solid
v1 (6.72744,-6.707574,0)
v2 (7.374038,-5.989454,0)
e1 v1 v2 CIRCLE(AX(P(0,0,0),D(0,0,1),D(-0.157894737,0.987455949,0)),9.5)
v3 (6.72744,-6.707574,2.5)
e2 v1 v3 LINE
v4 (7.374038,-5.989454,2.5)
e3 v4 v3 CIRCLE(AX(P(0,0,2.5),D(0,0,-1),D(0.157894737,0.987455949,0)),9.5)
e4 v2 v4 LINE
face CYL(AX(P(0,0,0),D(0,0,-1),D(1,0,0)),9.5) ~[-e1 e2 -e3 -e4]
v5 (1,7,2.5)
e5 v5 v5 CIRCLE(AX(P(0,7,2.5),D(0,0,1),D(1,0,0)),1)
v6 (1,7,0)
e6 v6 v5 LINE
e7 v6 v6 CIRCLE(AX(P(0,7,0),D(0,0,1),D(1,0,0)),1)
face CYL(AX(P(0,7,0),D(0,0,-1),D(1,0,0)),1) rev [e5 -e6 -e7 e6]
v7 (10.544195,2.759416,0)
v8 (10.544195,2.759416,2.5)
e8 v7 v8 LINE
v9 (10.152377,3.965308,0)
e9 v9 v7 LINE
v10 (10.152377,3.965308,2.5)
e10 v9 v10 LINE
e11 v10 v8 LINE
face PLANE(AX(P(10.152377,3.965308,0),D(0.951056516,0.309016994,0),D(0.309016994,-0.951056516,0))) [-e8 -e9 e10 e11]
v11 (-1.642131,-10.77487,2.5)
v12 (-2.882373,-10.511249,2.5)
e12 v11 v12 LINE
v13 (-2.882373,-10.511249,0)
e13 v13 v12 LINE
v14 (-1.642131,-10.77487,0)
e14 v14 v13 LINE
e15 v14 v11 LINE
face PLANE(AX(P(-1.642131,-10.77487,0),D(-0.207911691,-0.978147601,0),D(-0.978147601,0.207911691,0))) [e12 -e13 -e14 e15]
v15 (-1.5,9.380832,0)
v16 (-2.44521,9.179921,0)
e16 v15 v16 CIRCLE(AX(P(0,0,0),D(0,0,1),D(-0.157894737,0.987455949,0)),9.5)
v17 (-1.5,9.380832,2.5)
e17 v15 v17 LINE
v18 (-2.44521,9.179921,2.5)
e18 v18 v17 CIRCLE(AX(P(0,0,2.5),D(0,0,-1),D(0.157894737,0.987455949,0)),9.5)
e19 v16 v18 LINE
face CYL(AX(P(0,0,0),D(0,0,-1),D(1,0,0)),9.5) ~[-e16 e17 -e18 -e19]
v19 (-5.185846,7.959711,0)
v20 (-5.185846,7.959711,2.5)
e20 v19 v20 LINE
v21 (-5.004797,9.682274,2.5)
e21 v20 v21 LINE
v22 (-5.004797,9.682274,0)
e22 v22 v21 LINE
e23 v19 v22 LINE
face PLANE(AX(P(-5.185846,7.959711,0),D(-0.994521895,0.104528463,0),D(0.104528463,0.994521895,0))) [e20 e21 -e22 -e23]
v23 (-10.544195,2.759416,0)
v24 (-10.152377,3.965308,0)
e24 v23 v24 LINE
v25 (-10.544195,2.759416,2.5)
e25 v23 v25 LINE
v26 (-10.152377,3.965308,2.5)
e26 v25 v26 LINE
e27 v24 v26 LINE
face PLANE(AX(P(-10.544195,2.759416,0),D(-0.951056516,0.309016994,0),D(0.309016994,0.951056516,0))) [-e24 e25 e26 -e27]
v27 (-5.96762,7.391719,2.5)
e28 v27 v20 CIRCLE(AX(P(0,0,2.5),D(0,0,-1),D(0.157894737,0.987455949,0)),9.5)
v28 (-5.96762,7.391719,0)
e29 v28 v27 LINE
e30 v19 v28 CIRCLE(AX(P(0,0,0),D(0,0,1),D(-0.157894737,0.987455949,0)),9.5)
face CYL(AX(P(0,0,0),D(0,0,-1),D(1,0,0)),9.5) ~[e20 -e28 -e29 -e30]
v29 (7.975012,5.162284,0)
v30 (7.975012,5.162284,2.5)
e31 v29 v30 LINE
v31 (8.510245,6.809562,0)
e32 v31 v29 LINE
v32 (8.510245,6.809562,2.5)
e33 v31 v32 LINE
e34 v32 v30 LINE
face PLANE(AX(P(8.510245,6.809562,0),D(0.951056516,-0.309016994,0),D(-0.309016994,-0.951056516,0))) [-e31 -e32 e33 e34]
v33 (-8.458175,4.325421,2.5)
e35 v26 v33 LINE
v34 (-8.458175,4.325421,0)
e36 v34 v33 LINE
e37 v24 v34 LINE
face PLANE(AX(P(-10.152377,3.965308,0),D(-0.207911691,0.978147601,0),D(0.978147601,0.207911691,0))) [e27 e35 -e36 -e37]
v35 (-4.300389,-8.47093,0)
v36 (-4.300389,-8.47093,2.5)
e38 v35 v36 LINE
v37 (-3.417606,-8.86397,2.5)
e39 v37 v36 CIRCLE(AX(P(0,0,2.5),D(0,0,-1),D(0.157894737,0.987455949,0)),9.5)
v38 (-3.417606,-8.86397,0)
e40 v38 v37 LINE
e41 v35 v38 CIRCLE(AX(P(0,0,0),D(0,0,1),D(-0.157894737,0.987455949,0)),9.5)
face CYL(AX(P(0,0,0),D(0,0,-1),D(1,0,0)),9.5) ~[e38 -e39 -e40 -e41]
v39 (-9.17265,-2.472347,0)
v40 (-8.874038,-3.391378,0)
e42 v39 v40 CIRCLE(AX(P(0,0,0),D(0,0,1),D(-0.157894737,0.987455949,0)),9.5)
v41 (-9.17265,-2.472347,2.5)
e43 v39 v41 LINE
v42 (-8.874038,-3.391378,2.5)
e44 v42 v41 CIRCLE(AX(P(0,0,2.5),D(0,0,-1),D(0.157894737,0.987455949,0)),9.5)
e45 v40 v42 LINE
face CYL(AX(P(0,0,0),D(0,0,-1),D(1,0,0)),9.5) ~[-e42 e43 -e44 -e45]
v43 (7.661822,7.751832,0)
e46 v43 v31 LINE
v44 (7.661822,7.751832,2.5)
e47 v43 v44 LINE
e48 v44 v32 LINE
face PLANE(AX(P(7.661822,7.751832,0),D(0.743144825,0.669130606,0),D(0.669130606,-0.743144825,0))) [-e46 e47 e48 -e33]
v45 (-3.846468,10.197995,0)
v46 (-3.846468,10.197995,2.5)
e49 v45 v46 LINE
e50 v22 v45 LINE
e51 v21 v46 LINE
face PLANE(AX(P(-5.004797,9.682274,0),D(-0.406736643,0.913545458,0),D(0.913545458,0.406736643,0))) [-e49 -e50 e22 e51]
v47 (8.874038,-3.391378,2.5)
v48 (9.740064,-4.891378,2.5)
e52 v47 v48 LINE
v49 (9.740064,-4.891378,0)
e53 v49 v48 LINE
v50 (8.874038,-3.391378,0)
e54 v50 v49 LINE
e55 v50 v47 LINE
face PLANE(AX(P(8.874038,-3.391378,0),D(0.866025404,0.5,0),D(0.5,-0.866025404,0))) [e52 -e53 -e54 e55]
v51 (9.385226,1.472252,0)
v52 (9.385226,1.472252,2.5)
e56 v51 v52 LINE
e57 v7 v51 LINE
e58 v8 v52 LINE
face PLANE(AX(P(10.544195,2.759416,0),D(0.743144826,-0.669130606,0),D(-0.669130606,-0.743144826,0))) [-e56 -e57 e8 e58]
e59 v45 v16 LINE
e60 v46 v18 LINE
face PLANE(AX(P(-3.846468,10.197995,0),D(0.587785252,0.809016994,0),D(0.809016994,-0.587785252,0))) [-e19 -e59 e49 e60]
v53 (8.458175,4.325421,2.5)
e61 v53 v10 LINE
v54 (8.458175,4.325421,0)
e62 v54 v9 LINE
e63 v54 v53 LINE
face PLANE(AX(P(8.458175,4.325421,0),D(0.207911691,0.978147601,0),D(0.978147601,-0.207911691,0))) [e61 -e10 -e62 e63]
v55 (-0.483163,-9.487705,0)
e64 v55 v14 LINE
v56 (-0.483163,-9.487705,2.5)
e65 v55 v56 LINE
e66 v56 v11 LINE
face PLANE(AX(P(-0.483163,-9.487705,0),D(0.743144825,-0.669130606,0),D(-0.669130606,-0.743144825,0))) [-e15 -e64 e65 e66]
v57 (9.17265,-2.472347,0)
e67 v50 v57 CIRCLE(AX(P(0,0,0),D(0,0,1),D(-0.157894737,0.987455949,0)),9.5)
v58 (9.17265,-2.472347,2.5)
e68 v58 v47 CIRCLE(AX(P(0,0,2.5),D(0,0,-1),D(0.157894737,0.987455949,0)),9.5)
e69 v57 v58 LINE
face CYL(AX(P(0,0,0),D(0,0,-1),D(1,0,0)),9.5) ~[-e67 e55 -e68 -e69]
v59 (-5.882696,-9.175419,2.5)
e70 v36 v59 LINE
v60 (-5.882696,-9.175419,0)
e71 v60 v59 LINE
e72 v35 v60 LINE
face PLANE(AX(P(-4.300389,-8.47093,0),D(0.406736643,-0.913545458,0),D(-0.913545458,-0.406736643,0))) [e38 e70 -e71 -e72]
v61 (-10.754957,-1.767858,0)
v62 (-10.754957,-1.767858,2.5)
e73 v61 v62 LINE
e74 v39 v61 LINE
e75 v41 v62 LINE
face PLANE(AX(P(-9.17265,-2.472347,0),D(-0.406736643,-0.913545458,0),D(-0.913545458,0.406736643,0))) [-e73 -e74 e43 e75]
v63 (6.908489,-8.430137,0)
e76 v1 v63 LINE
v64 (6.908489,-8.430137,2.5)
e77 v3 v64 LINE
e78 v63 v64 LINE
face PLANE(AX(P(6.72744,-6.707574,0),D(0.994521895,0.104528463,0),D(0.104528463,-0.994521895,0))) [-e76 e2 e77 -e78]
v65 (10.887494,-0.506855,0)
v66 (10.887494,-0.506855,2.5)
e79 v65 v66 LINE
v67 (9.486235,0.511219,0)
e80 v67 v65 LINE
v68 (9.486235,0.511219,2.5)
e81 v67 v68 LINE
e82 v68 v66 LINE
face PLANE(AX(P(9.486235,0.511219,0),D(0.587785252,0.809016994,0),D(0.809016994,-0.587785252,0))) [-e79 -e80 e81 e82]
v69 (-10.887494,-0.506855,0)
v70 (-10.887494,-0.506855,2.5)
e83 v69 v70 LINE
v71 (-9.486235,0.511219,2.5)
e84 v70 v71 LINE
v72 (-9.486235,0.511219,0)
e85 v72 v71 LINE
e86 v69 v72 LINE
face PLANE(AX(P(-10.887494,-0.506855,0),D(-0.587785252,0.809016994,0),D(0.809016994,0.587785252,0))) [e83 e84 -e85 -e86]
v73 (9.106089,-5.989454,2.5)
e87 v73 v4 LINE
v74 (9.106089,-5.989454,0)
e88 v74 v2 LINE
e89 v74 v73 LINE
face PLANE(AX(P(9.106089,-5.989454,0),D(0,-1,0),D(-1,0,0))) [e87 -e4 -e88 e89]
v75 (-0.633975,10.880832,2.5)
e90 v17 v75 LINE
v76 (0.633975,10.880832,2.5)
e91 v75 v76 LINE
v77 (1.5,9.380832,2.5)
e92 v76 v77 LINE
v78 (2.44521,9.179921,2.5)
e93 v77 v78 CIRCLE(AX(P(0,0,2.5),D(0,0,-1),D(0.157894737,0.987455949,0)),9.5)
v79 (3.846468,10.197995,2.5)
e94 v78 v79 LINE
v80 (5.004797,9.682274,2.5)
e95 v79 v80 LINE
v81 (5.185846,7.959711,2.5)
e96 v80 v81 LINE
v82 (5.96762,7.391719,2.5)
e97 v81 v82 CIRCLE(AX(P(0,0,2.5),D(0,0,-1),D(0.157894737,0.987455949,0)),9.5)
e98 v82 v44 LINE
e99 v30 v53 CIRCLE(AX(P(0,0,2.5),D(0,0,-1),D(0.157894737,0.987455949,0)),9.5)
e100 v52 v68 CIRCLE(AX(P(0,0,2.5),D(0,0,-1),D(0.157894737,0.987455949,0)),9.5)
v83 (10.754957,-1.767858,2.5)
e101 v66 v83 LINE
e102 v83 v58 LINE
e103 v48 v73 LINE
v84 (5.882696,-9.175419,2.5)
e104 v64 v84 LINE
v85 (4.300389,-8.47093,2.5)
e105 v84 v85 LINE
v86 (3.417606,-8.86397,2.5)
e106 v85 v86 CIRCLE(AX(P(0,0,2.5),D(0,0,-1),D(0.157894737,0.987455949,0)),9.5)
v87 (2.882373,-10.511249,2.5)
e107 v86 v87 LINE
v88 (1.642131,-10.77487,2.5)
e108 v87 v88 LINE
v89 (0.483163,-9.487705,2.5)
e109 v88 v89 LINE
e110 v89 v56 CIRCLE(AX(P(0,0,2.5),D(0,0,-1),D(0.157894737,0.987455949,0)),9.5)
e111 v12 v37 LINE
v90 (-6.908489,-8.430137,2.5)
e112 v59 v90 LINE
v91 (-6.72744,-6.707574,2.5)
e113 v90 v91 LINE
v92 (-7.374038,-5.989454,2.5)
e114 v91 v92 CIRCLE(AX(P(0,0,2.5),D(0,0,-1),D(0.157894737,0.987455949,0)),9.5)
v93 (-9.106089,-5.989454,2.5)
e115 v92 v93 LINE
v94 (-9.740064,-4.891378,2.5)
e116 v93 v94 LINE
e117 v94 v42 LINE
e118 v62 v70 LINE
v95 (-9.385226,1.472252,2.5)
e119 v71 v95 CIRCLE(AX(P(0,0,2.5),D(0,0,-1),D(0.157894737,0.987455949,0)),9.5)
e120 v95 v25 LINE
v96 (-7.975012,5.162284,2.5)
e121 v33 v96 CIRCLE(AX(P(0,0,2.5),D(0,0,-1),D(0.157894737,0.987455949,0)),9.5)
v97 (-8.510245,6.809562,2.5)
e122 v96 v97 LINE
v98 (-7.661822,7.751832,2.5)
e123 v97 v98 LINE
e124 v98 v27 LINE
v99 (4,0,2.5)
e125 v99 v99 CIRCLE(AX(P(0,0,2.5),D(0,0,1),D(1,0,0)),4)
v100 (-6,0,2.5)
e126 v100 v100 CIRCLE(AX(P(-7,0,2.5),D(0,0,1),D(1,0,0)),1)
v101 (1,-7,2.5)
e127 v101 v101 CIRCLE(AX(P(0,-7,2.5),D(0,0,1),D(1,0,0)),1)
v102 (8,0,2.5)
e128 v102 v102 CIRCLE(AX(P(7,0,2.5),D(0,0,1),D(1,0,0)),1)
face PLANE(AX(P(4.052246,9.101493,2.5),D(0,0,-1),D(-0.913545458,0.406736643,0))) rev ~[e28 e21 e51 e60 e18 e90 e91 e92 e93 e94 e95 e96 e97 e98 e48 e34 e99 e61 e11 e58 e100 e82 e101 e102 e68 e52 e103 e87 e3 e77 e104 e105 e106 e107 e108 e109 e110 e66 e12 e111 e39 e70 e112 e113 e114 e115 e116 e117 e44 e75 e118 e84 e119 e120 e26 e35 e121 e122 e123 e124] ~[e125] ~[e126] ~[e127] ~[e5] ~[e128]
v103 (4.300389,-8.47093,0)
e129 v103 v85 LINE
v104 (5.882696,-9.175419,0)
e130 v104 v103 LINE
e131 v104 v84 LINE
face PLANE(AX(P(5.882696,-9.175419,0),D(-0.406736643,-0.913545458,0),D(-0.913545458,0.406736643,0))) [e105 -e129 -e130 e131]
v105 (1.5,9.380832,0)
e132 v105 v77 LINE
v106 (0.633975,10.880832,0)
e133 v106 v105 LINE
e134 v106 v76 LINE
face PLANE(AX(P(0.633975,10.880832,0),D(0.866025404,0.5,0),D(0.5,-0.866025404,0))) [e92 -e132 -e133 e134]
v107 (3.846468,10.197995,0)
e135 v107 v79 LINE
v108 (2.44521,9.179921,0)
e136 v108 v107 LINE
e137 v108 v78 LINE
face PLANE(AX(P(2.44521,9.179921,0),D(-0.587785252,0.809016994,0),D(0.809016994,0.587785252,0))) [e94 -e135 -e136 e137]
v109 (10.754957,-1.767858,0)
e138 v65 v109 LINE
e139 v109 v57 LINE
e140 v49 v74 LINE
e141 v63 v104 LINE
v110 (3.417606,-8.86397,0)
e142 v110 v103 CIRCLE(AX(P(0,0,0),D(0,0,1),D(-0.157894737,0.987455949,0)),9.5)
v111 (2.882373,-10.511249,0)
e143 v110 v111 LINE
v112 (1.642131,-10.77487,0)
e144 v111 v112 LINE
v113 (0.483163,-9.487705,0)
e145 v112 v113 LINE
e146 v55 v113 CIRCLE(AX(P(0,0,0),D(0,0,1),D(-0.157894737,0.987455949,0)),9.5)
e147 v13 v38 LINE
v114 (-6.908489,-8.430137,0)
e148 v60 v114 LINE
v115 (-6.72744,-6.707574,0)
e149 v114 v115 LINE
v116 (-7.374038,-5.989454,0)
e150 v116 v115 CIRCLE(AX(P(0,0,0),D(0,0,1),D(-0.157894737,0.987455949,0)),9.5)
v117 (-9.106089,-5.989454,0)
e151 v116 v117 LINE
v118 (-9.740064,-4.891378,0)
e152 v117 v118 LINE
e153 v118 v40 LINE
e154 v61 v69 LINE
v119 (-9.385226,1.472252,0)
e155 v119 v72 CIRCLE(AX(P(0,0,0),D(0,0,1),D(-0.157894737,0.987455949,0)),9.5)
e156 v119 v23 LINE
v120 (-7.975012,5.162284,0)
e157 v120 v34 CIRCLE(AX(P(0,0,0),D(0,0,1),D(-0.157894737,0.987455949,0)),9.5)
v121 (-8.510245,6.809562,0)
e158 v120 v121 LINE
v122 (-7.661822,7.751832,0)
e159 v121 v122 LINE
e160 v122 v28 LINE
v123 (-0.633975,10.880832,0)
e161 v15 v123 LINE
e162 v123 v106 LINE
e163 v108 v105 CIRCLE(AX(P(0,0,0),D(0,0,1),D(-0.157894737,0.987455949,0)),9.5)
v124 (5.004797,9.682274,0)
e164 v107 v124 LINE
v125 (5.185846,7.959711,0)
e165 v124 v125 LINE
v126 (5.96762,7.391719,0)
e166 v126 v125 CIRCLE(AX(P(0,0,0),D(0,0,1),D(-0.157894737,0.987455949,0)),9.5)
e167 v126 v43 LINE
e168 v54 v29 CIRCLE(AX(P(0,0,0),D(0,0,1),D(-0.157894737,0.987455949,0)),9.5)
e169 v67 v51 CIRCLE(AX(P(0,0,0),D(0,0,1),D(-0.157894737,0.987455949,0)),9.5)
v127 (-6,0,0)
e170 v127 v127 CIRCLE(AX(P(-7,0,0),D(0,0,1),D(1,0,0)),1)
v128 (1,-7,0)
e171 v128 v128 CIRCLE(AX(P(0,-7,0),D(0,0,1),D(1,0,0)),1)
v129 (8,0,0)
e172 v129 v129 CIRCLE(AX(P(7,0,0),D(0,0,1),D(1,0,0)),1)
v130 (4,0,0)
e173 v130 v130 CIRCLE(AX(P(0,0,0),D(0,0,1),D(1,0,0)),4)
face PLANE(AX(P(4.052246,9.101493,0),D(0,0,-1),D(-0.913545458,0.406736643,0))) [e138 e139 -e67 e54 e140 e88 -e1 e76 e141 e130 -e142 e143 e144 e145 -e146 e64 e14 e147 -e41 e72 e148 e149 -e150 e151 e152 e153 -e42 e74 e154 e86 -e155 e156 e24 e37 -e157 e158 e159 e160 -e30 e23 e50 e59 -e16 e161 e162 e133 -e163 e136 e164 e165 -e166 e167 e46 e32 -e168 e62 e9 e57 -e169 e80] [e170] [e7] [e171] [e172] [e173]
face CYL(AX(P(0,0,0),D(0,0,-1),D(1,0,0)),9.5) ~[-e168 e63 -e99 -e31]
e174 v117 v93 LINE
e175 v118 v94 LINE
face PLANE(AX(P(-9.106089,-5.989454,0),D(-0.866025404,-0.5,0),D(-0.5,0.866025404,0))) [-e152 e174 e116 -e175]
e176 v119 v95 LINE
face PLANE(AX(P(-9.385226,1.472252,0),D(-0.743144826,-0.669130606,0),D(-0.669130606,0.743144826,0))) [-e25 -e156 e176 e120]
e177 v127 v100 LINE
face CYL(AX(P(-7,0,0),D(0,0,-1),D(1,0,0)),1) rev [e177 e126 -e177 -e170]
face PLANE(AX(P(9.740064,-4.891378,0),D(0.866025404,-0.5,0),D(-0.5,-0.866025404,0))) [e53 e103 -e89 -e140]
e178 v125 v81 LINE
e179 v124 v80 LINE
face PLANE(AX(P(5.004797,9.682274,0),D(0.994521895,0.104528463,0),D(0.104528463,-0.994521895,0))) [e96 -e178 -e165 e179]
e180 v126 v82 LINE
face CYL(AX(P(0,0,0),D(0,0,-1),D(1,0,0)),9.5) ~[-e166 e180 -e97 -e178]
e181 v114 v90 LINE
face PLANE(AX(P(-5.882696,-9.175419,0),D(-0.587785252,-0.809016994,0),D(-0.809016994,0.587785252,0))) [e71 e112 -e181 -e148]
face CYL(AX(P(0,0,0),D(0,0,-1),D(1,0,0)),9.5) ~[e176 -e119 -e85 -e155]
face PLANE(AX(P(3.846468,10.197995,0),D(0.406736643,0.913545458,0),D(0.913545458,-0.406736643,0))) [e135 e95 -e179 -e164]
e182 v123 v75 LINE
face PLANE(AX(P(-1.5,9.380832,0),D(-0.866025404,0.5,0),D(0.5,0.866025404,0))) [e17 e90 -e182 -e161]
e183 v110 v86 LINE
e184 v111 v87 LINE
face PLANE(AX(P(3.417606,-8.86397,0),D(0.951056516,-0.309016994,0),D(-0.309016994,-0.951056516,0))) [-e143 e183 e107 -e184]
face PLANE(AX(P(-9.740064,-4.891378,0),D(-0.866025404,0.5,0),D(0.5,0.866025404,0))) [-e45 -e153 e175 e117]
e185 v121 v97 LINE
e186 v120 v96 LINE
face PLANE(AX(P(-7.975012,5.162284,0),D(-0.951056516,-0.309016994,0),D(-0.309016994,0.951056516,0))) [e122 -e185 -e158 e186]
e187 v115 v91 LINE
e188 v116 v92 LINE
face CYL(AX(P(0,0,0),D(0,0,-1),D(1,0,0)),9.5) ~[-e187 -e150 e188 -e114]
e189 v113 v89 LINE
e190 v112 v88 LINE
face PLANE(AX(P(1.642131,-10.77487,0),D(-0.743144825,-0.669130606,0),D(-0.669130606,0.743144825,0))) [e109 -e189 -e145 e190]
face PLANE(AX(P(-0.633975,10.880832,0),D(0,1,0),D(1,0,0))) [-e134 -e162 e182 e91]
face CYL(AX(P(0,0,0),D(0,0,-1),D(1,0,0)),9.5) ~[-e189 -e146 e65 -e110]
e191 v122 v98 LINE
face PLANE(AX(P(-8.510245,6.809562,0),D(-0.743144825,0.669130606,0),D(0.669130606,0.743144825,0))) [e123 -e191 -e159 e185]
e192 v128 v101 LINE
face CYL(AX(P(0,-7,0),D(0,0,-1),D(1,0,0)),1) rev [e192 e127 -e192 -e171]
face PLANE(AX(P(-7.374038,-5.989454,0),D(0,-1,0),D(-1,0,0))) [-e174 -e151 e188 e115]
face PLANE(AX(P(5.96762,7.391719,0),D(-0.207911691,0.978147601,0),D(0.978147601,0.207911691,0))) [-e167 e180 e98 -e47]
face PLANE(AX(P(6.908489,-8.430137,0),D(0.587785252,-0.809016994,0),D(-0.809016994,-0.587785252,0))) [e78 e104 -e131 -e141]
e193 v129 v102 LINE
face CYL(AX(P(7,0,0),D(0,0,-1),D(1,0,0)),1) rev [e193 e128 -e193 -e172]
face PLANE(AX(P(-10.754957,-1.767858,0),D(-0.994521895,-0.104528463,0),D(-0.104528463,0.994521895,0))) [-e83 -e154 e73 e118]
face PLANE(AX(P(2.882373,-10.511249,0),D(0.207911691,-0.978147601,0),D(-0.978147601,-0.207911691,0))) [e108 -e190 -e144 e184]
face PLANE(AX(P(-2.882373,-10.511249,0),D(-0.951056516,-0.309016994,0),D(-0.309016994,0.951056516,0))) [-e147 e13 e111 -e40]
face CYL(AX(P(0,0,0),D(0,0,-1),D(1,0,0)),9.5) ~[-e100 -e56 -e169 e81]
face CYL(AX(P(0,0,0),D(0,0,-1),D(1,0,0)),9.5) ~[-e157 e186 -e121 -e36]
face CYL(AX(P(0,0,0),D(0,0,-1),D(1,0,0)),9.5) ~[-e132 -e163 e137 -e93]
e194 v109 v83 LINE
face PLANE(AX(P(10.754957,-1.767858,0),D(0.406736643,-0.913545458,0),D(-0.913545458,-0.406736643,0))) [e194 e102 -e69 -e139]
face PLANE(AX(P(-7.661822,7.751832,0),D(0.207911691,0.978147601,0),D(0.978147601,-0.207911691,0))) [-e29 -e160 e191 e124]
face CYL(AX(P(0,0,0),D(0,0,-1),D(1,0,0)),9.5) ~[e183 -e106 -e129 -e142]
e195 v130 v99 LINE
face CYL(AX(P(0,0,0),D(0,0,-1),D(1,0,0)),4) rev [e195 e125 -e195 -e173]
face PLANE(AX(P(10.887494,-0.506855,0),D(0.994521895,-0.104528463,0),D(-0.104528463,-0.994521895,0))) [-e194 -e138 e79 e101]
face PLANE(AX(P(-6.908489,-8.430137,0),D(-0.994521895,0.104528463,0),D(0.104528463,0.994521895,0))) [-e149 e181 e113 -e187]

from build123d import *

# Parameters (mm, degrees)
SKETCH1_R           = 9.5
SKETCH1_R_2         = 4
SKETCH1_R_3         = 1
BOSS_EXTRUDE1_DEPTH = 2.5
BOSS_EXTRUDE2_DEPTH = 2.5
CIRPATTERN1_COUNT   = 15


with BuildPart() as part:
    # Sketch1 → Boss-Extrude1 (new body)
    with BuildSketch(Plane.XY):
        Circle(SKETCH1_R)
        Circle(SKETCH1_R_2, mode=Mode.SUBTRACT)
        with Locations((0, 7)):
            Circle(SKETCH1_R_3, mode=Mode.SUBTRACT)
        with Locations((7, 0)):
            Circle(SKETCH1_R_3, mode=Mode.SUBTRACT)
        with Locations((0, -7)):
            Circle(SKETCH1_R_3, mode=Mode.SUBTRACT)
        with Locations((-7, 0)):
            Circle(SKETCH1_R_3, mode=Mode.SUBTRACT)
    extrude(amount=BOSS_EXTRUDE1_DEPTH)

    # Sketch2 → Boss-Extrude2 (add)
    with BuildSketch(Plane.XY):
        Polygon((-1.5, 9.38083152), (-0.633974596, 10.88083152), (0.633974596, 10.88083152), (1.5, 9.38083152), align=None)
    boss_extrude2 = extrude(amount=BOSS_EXTRUDE2_DEPTH)

    # CirPattern1: Boss-Extrude2 ×15 about axis
    cirpattern1_axis = Axis((0, 0, 0), (0, 0, 1))
    for i in range(1, CIRPATTERN1_COUNT):
        add(boss_extrude2.rotate(cirpattern1_axis, i * 360 / CIRPATTERN1_COUNT))


solid = part.part
